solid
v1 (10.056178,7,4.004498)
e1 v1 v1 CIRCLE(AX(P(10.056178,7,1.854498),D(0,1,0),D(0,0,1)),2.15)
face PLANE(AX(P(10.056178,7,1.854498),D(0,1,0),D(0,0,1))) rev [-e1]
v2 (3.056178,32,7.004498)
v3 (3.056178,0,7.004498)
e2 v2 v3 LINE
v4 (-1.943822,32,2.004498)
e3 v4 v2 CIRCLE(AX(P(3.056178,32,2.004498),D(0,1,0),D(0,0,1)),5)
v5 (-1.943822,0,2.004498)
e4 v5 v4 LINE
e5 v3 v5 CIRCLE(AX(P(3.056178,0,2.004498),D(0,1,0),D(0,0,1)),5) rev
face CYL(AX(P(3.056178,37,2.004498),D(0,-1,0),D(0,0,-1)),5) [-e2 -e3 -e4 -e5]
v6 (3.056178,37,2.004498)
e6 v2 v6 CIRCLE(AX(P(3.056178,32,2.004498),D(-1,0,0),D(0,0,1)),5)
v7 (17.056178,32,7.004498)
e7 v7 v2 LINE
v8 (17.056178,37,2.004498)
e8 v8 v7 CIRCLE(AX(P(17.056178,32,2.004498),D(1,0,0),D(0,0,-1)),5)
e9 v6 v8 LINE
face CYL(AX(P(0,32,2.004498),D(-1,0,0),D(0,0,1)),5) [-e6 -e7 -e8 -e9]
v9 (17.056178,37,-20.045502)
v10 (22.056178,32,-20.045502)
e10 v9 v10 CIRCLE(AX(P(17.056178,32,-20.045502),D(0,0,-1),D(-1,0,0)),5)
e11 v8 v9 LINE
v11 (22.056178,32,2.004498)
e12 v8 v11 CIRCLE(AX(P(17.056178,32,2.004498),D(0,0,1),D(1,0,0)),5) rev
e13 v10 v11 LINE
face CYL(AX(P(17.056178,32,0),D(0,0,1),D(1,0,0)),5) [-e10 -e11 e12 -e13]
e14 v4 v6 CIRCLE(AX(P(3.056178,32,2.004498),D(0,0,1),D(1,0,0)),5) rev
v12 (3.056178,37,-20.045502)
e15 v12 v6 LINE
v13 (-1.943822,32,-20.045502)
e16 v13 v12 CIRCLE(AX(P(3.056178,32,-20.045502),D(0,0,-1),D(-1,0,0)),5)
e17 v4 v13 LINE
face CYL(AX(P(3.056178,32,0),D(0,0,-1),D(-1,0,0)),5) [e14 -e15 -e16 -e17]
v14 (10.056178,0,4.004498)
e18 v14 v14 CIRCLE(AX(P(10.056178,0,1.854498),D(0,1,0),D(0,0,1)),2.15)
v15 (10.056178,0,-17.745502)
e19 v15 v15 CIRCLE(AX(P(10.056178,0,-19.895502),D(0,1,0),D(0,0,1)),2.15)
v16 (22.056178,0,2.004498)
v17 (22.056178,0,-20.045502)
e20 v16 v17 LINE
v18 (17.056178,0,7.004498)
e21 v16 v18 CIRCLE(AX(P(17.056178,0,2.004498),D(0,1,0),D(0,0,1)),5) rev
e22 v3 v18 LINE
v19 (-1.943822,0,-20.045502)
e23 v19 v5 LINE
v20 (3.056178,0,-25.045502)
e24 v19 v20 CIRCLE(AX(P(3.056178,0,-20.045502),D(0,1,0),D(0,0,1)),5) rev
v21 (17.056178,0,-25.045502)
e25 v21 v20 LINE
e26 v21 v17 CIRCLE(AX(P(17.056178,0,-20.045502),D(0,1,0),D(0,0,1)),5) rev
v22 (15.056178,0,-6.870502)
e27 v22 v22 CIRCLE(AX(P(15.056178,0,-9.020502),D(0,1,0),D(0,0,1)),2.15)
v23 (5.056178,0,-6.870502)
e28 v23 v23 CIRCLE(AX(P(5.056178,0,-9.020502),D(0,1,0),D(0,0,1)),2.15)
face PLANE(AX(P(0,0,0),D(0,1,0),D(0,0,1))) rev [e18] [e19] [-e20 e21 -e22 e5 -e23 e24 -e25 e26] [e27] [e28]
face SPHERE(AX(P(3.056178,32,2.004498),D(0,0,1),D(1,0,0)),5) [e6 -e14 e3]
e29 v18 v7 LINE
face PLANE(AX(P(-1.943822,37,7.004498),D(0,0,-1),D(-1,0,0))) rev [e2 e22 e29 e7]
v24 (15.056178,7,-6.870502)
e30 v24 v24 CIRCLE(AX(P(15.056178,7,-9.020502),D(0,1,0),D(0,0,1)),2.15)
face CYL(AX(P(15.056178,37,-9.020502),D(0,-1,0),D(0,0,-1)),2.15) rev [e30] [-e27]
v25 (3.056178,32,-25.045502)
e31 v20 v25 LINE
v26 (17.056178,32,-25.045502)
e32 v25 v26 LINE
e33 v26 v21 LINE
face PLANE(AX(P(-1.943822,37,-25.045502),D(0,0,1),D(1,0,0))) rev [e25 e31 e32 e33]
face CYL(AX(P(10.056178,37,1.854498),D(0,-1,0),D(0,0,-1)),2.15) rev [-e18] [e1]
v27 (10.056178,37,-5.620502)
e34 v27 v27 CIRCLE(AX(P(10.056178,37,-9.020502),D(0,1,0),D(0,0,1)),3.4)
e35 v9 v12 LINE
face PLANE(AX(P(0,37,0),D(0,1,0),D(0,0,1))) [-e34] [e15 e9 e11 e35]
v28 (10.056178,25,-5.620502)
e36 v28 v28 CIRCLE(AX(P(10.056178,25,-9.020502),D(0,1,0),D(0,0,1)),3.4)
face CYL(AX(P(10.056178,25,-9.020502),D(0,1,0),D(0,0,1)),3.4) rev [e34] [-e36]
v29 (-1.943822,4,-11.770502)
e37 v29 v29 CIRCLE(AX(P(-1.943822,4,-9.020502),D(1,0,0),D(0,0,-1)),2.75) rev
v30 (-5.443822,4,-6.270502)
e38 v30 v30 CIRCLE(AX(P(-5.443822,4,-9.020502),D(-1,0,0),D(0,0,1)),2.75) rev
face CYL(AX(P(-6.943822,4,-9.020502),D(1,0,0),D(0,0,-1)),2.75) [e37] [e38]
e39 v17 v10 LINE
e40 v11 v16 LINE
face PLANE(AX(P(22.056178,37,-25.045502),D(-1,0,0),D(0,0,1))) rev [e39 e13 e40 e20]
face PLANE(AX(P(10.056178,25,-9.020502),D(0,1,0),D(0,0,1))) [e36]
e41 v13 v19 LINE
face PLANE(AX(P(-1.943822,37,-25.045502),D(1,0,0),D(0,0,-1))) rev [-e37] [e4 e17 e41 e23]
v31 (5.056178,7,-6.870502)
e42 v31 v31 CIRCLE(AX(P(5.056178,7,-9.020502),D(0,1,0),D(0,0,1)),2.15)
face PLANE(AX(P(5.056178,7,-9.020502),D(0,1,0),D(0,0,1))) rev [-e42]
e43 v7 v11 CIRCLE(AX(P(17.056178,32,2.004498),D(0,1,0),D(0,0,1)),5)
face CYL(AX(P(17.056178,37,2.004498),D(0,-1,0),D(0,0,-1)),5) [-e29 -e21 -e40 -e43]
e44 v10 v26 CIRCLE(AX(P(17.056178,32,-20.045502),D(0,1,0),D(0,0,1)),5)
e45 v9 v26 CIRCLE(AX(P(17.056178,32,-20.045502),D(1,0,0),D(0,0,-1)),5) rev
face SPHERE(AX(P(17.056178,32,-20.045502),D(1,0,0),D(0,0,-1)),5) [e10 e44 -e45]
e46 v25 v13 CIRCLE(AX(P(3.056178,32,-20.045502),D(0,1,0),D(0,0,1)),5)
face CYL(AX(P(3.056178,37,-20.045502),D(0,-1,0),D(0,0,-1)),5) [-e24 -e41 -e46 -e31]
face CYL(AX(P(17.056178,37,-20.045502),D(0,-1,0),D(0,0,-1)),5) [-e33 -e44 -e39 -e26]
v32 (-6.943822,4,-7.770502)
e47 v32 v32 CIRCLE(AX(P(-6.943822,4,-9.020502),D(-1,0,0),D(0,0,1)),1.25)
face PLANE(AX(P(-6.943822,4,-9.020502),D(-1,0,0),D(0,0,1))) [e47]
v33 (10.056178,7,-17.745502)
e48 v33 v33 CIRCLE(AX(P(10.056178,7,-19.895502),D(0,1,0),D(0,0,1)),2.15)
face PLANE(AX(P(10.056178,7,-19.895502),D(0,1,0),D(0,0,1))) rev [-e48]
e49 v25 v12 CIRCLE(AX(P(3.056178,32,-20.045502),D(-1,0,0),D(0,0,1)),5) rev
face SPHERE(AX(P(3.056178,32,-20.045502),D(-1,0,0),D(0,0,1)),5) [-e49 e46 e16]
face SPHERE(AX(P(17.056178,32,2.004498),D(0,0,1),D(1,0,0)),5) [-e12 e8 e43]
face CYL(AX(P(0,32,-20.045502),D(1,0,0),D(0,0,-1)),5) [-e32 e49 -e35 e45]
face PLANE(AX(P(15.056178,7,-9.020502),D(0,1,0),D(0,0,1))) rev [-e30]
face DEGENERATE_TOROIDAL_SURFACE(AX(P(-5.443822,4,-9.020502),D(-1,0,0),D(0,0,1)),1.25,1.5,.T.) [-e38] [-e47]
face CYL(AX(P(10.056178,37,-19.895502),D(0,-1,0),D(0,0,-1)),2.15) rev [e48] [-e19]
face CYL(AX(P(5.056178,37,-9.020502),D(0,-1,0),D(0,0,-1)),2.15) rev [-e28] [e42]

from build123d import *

# Parameters (mm, degrees)
SKETCH1_W           = 24
SKETCH1_H           = 32.05
SKETCH1_R           = 2.15
BOSS_EXTRUDE1_DEPTH = 37
SKETCH2_R           = 2.15
BOSS_EXTRUDE2_DEPTH = 30
SKETCH3_R           = 3.4
CUT_EXTRUDE1_DEPTH  = 12
FILLET1_R           = 5
SKETCH4_R           = 2.75
BOSS_EXTRUDE3_DEPTH = 5
FILLET2_R           = 1.5


with BuildPart() as part:
    # Sketch1 → Boss-Extrude1 (new body)
    with BuildSketch(Plane(origin=(0, 0, 0), x_dir=(1, 0, 0), z_dir=(0, 1, 0))):
        with Locations((10.056177559, 9.020502124)):
            Rectangle(SKETCH1_W, SKETCH1_H)
        with Locations((5.056177559, 9.020502124)):
            Circle(SKETCH1_R, mode=Mode.SUBTRACT)
        with Locations((15.056177559, 9.020502124)):
            Circle(SKETCH1_R, mode=Mode.SUBTRACT)
        with Locations((10.056177559, 19.895502124)):
            Circle(SKETCH1_R, mode=Mode.SUBTRACT)
        with Locations((10.056177559, -1.854497876)):
            Circle(SKETCH1_R, mode=Mode.SUBTRACT)
    extrude(amount=BOSS_EXTRUDE1_DEPTH)

    # Sketch2 → Boss-Extrude2 (add)
    with BuildSketch(Plane(origin=(0, 37, 0), x_dir=(1, 0, 0), z_dir=(0, 1, 0))):
        with Locations((10.056177559, 19.895502124)):
            Circle(SKETCH2_R)
        with Locations((15.056177559, 9.020502124)):
            Circle(SKETCH2_R)
        with Locations((10.056177559, -1.854497876)):
            Circle(SKETCH2_R)
        with Locations((5.056177559, 9.020502124)):
            Circle(SKETCH2_R)
    extrude(amount=-BOSS_EXTRUDE2_DEPTH)

    # Sketch3 → Cut-Extrude1 (cut)
    with BuildSketch(Plane(origin=(0, 37, 0), x_dir=(1, 0, 0), z_dir=(0, 1, 0))):
        with Locations((10.056177559, 9.020502124)):
            Circle(SKETCH3_R)
    extrude(amount=-CUT_EXTRUDE1_DEPTH, mode=Mode.SUBTRACT)

    # Fillet1
    fillet1_edges = [part.edges().sort_by_distance(p)[0] for p in [
        (22.056177559, 37, -9.020502124),
        (10.056177559, 37, -25.045502124),
        (-1.943822441, 37, -9.020502124),
        (-1.943822441, 18.5, -25.045502124),
        (22.056177559, 18.5, -25.045502124),
        (22.056177559, 18.5, 7.004497876),
        (-1.943822441, 18.5, 7.004497876),
        (10.056177559, 37, 7.004497876),
    ]]
    fillet(fillet1_edges, radius=FILLET1_R)

    # Sketch4 → Boss-Extrude3 (add)
    with BuildSketch(Plane.ZY.offset(1.943822441)):
        with Locations((-9.020502124, 4)):
            Circle(SKETCH4_R)
    extrude(amount=BOSS_EXTRUDE3_DEPTH)

    # Fillet2
    fillet2_edges = [part.edges().sort_by_distance(p)[0] for p in [
        (-6.943822441, 4, -11.770502124),
    ]]
    fillet(fillet2_edges, radius=FILLET2_R)


solid = part.part
